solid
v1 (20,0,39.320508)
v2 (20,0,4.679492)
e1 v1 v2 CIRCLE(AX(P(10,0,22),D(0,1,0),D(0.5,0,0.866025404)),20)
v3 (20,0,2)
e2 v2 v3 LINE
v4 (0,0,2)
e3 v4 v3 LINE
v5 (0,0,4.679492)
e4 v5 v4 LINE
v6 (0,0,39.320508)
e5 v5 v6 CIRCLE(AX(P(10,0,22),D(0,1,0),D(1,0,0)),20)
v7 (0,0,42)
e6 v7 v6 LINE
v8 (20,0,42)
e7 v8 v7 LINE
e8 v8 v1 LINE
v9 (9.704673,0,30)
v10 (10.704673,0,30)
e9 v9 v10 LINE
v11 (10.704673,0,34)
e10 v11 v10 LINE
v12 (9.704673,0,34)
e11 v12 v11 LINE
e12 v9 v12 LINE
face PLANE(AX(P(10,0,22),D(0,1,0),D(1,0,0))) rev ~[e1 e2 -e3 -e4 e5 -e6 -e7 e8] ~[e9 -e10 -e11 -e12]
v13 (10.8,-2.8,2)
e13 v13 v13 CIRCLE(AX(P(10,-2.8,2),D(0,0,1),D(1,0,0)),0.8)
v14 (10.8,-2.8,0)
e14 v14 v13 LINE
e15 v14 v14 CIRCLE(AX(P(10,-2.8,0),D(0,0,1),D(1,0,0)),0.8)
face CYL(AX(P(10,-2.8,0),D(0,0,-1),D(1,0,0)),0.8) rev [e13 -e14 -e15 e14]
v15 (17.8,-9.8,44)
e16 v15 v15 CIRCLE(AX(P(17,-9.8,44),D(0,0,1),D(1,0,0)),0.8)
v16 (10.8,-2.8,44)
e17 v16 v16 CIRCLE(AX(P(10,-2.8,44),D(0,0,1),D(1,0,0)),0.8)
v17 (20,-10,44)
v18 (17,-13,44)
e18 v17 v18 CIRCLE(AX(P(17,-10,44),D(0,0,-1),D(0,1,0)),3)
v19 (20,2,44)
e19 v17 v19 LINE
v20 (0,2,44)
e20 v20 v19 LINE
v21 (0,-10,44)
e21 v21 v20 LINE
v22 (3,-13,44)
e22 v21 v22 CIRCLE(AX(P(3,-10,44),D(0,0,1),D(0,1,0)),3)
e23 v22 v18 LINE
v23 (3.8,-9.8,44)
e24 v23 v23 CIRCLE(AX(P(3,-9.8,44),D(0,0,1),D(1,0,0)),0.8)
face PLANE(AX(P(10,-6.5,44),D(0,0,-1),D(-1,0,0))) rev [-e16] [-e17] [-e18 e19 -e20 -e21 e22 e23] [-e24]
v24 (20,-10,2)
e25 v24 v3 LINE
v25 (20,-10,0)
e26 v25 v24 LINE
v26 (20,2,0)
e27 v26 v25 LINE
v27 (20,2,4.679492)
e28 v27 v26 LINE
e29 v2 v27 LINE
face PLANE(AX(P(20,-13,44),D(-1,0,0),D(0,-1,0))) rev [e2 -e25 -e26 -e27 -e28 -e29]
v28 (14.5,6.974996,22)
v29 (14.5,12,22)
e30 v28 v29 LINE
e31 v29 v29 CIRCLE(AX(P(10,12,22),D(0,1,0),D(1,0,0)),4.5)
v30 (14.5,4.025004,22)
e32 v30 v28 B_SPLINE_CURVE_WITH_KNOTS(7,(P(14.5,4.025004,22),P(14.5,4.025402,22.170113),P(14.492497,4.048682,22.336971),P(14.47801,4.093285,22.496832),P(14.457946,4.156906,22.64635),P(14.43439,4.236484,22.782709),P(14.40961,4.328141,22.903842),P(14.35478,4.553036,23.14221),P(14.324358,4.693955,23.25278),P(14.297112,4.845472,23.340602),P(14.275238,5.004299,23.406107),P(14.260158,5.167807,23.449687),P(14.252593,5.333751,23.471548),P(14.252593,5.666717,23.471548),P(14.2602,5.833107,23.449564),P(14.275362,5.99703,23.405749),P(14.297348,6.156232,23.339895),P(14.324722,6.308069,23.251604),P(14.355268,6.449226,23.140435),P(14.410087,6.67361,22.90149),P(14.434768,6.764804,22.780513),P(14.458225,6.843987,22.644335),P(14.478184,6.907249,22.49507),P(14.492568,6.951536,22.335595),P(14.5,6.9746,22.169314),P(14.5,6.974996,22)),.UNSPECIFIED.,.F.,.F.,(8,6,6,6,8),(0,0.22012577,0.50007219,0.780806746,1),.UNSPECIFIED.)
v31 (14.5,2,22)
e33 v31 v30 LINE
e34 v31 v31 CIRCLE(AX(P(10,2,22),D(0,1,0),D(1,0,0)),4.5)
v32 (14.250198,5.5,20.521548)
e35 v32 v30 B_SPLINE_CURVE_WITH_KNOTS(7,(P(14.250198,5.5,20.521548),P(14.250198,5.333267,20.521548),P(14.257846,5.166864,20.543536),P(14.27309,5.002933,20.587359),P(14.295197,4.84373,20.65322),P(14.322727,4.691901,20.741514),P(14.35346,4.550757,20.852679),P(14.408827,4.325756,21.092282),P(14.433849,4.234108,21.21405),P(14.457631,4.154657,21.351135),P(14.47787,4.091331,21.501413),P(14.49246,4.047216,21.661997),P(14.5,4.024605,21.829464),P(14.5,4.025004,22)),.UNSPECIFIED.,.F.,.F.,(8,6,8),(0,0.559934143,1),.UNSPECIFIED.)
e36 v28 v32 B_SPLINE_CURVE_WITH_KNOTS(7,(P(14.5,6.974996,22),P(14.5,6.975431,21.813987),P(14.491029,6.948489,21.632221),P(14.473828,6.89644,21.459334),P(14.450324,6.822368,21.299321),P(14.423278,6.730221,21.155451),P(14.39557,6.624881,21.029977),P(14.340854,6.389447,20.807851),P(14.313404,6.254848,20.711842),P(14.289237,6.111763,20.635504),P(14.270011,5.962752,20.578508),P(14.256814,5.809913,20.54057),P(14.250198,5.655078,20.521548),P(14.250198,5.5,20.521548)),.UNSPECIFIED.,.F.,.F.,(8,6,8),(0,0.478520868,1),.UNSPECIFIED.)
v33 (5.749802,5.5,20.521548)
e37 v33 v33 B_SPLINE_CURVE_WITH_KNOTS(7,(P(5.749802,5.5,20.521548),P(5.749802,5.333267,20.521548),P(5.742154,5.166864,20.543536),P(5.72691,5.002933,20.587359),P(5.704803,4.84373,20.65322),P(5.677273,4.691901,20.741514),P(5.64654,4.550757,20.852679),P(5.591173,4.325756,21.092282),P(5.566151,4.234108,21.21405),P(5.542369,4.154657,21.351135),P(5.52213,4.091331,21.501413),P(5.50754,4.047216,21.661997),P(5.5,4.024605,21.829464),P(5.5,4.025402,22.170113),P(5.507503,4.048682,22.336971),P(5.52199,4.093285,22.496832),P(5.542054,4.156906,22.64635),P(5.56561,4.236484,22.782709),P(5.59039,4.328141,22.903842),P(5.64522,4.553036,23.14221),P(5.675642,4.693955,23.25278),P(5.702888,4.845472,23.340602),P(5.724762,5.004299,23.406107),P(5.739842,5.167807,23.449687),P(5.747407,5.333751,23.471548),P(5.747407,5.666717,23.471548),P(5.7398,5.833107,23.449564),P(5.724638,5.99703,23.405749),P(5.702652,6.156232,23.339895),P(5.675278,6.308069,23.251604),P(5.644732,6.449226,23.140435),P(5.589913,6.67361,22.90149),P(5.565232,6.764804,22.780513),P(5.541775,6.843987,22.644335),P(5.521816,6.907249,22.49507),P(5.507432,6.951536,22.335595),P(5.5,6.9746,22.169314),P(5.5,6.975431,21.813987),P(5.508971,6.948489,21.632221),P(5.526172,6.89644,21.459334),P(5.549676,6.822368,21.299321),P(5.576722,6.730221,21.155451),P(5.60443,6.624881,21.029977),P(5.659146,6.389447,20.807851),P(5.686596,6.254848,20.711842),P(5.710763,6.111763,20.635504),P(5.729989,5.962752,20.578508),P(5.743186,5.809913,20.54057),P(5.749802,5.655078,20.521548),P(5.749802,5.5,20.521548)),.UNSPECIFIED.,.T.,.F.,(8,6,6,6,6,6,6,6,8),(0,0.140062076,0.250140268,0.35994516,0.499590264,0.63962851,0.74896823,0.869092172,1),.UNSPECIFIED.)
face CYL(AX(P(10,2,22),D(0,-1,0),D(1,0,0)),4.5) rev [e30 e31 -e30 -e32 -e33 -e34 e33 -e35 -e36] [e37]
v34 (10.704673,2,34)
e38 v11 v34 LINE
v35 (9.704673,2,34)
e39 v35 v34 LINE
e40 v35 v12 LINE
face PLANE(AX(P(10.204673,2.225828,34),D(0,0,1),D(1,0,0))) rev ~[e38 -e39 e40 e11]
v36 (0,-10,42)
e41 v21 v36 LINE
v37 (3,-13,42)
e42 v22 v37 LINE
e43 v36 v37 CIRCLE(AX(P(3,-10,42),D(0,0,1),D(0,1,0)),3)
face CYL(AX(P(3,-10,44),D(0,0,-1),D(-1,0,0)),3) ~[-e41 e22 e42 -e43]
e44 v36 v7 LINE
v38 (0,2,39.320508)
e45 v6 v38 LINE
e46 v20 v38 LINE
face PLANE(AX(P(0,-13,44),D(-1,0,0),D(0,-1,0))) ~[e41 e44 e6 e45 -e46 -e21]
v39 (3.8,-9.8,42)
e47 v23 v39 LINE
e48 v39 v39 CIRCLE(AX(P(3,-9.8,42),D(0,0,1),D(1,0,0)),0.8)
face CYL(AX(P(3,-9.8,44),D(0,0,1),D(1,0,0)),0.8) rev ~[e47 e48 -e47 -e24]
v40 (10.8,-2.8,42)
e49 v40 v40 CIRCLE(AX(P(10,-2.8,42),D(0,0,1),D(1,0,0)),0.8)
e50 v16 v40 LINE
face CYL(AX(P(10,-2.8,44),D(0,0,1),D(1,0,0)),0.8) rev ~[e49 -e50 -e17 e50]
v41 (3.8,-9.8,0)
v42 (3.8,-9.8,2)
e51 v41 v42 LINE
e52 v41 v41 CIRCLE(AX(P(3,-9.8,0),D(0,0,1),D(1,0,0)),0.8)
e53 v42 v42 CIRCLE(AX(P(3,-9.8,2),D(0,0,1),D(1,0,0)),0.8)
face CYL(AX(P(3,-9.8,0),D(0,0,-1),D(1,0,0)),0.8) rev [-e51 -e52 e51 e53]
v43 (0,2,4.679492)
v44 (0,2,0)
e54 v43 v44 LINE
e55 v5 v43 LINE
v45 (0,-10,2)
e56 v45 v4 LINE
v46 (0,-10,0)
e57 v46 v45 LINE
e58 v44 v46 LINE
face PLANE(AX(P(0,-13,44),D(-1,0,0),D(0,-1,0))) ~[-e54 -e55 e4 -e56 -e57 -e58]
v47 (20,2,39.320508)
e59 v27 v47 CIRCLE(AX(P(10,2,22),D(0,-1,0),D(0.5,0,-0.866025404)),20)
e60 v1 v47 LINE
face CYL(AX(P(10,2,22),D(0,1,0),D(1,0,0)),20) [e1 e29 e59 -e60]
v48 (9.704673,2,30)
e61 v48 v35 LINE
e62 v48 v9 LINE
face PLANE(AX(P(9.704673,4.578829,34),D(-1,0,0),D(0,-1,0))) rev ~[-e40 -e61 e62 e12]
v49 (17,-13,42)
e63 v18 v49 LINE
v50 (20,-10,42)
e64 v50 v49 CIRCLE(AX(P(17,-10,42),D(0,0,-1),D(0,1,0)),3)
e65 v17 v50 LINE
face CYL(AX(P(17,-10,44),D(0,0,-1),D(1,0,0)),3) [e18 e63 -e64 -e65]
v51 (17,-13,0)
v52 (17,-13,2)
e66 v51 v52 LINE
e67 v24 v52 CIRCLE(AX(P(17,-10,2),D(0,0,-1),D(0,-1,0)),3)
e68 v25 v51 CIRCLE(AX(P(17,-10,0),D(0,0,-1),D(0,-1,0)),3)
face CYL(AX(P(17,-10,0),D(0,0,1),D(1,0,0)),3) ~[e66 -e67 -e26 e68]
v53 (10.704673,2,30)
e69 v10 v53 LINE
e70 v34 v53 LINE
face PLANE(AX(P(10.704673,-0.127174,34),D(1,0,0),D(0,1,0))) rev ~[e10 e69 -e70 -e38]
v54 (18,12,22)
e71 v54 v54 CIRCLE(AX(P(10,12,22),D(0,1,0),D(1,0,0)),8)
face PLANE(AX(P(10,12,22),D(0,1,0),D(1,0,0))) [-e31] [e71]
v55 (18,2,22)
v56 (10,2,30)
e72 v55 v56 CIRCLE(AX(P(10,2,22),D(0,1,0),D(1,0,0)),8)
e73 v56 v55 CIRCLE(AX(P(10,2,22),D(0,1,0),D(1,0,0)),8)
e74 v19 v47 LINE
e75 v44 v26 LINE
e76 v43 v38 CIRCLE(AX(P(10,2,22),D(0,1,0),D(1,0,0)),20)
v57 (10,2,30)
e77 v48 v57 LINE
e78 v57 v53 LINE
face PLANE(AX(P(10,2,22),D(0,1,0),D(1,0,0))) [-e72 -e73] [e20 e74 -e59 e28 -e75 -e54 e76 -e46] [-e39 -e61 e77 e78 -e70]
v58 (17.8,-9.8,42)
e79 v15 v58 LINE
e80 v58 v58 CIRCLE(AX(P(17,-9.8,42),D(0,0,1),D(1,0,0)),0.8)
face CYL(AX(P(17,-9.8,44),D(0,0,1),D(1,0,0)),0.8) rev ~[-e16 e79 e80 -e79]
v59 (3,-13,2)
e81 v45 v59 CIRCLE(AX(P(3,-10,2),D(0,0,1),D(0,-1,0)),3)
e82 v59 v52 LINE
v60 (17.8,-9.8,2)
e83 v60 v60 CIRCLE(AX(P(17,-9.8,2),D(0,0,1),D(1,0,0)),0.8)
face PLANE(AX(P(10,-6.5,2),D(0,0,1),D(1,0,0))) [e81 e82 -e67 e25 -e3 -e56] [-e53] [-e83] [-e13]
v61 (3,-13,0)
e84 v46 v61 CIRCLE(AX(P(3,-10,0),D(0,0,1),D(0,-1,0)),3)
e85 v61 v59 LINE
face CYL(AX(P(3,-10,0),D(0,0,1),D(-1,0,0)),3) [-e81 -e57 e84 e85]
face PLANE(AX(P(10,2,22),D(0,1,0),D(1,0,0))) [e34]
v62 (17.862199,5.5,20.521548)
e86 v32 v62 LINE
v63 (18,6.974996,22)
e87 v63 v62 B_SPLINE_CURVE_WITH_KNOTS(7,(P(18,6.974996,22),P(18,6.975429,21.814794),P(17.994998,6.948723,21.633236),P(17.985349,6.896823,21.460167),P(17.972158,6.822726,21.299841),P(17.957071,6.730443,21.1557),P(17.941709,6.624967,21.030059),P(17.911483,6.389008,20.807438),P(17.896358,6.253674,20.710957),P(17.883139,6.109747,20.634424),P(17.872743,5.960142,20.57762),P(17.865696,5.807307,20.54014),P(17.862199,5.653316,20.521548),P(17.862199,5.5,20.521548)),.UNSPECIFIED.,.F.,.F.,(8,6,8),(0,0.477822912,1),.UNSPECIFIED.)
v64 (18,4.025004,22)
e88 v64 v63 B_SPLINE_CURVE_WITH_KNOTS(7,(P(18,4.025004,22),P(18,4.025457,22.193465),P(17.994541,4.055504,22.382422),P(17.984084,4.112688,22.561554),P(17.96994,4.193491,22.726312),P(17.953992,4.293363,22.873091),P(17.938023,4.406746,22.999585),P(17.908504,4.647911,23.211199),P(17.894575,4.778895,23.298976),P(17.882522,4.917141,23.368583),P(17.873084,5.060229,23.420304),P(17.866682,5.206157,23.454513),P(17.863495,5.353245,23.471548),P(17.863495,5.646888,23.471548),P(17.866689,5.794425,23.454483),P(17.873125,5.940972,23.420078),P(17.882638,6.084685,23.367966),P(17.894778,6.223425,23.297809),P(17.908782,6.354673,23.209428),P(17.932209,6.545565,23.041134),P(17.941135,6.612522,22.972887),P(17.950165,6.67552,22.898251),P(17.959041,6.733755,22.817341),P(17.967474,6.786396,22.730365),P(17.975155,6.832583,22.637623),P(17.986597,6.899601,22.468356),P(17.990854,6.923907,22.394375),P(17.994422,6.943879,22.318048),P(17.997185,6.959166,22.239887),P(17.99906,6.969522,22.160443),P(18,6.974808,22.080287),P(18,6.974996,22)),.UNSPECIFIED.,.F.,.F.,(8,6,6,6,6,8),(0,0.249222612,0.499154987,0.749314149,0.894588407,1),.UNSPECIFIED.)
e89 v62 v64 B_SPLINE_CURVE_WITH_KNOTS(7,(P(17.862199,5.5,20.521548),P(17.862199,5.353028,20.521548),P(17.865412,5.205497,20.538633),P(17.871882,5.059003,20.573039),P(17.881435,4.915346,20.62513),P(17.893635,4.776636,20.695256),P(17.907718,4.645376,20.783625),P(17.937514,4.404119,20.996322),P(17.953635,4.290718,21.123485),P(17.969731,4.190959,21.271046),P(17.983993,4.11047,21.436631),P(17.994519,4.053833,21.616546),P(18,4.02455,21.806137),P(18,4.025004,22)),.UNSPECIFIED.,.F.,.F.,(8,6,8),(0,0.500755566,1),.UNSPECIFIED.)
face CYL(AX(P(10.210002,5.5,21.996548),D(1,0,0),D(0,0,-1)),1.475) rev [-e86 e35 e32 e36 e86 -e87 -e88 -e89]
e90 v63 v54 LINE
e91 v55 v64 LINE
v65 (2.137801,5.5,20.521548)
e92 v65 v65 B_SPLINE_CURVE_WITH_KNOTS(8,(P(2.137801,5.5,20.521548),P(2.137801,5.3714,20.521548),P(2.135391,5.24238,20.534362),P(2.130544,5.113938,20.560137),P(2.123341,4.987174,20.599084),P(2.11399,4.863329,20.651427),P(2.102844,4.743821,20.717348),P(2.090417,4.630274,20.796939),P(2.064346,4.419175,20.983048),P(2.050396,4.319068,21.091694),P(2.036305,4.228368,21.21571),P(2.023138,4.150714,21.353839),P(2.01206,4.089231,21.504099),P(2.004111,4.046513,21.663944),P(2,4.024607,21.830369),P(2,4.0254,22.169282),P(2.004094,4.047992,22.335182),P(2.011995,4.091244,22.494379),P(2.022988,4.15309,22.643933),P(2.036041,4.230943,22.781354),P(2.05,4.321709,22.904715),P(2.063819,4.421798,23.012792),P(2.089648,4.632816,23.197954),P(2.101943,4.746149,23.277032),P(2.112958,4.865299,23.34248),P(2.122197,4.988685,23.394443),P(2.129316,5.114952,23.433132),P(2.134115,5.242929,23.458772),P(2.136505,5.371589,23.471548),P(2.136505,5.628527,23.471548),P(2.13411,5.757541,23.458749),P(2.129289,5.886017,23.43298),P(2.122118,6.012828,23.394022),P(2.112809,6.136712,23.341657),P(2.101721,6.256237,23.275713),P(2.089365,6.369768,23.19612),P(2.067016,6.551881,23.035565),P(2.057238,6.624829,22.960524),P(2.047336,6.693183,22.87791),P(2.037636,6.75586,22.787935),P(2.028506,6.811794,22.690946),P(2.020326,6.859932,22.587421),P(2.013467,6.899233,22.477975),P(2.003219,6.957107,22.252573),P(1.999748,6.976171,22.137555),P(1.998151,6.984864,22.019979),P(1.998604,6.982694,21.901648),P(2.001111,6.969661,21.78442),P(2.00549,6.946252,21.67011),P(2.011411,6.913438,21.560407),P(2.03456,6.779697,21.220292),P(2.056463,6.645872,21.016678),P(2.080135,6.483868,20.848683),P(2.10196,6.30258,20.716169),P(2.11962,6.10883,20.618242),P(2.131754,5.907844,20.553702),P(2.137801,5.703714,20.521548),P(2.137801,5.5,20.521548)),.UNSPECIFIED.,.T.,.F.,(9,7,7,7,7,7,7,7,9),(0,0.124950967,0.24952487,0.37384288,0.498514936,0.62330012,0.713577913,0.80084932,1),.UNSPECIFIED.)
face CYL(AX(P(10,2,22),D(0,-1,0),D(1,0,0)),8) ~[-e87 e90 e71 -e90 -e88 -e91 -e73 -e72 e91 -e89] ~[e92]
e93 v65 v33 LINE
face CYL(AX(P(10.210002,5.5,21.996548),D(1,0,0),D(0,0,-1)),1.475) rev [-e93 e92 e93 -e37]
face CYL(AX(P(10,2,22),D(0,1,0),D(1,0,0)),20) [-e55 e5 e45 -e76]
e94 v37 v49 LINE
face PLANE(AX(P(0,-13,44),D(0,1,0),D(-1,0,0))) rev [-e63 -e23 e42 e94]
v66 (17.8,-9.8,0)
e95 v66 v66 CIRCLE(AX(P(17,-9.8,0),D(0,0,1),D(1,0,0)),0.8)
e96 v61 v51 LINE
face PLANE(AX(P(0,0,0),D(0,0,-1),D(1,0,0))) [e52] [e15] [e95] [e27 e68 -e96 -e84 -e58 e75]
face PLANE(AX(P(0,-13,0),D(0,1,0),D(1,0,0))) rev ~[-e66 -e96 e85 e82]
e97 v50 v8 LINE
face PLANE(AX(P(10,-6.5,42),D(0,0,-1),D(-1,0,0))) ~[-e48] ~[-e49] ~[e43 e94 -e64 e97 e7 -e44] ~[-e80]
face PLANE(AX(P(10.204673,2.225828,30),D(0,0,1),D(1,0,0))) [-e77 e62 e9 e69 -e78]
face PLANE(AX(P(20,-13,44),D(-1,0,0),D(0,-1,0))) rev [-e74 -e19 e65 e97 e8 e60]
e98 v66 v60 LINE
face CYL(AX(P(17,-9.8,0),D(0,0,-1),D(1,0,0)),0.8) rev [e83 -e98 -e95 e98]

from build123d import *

# Parameters (mm, degrees)
SKETCH_1_W          = 20
SKETCH_1_H          = 13
SKETCH_1_R          = 0.8
EXTRUDE_1_DEPTH     = 2
SKETCH_2_W          = 20
SKETCH_2_H          = 44
EXTRUDE_2_DEPTH     = 2
SKETCH_3_R          = 8
SKETCH_3_R_2        = 4.5
EXTRUDE_3_DEPTH     = 10
SKETCH_4_R          = 20
EXTRUDE_4_DEPTH     = 2
SKETCH_6_W          = 20.177677641
SKETCH_6_H          = 1.475
CUT_EXTRUDE_1_DEPTH = 4
FILLET_1_R          = 3


with BuildPart() as part:
    # 草图1 → 凸台-拉伸1 (new body)
    with BuildSketch(Plane.XY):
        with Locations((10, -6.5)):
            Rectangle(SKETCH_1_W, SKETCH_1_H)
        with Locations((10, -2.8)):
            Circle(SKETCH_1_R, mode=Mode.SUBTRACT)
        with Locations((17, -9.8)):
            Circle(SKETCH_1_R, mode=Mode.SUBTRACT)
        with Locations((3, -9.8)):
            Circle(SKETCH_1_R, mode=Mode.SUBTRACT)
    extrude_1 = extrude(amount=EXTRUDE_1_DEPTH)

    # 草图2 → 凸台-拉伸2 (add)
    with BuildSketch(Plane(origin=(0, 0, 0), x_dir=(1, 0, 0), z_dir=(0, 1, 0))):
        with Locations((10, -22)):
            Rectangle(SKETCH_2_W, SKETCH_2_H)
    extrude(amount=EXTRUDE_2_DEPTH)

    # 镜向1: 凸台-拉伸1 across plane
    add(extrude_1.mirror(Plane.XY.offset(22)))

    # 草图3 → 凸台-拉伸3 (add)
    with BuildSketch(Plane(origin=(0, 2, 0), x_dir=(1, 0, 0), z_dir=(0, 1, 0))):
        with Locations((10, -22)):
            Circle(SKETCH_3_R)
        with Locations((10, -22)):
            Circle(SKETCH_3_R_2, mode=Mode.SUBTRACT)
    extrude(amount=EXTRUDE_3_DEPTH)

    # 草图4 → 凸台-拉伸4 (add)
    with BuildSketch(Plane(origin=(0, 2, 0), x_dir=(1, 0, 0), z_dir=(0, 1, 0))):
        with Locations((10, -22)):
            Circle(SKETCH_4_R)
    extrude(amount=-EXTRUDE_4_DEPTH)

    # 草图6 → 切除-旋转1 (revolve, cut)
    with BuildSketch(Plane(origin=(0, 5.5, 0), x_dir=(1, 0, 0), z_dir=(0, 1, 0))):
        with Locations((10.210002175, -21.25904805)):
            Rectangle(SKETCH_6_W, SKETCH_6_H)
    revolve(axis=Axis((22.976612399, 5.5, 21.99654805), (-1, 0, 0)), mode=Mode.SUBTRACT)

    # 草图7 → 切除-拉伸1 (cut)
    with BuildSketch(Plane.XY.offset(34)):
        Polygon((9.704672539, 4.57882911), (9.704672539, 2), (9.704672539, 1.881120606), (9.704672539, -0.127173503), (10.704672539, -0.127173503), (10.704672539, 4.57882911), align=None)
    extrude(amount=-CUT_EXTRUDE_1_DEPTH, mode=Mode.SUBTRACT)

    # 圆角1
    fillet_1_edges = [part.edges().sort_by_distance(p)[0] for p in [
        (0, -13, 43),
        (20, -13, 43),
        (20, -13, 1),
        (0, -13, 1),
    ]]
    fillet(fillet_1_edges, radius=FILLET_1_R)


solid = part.part
